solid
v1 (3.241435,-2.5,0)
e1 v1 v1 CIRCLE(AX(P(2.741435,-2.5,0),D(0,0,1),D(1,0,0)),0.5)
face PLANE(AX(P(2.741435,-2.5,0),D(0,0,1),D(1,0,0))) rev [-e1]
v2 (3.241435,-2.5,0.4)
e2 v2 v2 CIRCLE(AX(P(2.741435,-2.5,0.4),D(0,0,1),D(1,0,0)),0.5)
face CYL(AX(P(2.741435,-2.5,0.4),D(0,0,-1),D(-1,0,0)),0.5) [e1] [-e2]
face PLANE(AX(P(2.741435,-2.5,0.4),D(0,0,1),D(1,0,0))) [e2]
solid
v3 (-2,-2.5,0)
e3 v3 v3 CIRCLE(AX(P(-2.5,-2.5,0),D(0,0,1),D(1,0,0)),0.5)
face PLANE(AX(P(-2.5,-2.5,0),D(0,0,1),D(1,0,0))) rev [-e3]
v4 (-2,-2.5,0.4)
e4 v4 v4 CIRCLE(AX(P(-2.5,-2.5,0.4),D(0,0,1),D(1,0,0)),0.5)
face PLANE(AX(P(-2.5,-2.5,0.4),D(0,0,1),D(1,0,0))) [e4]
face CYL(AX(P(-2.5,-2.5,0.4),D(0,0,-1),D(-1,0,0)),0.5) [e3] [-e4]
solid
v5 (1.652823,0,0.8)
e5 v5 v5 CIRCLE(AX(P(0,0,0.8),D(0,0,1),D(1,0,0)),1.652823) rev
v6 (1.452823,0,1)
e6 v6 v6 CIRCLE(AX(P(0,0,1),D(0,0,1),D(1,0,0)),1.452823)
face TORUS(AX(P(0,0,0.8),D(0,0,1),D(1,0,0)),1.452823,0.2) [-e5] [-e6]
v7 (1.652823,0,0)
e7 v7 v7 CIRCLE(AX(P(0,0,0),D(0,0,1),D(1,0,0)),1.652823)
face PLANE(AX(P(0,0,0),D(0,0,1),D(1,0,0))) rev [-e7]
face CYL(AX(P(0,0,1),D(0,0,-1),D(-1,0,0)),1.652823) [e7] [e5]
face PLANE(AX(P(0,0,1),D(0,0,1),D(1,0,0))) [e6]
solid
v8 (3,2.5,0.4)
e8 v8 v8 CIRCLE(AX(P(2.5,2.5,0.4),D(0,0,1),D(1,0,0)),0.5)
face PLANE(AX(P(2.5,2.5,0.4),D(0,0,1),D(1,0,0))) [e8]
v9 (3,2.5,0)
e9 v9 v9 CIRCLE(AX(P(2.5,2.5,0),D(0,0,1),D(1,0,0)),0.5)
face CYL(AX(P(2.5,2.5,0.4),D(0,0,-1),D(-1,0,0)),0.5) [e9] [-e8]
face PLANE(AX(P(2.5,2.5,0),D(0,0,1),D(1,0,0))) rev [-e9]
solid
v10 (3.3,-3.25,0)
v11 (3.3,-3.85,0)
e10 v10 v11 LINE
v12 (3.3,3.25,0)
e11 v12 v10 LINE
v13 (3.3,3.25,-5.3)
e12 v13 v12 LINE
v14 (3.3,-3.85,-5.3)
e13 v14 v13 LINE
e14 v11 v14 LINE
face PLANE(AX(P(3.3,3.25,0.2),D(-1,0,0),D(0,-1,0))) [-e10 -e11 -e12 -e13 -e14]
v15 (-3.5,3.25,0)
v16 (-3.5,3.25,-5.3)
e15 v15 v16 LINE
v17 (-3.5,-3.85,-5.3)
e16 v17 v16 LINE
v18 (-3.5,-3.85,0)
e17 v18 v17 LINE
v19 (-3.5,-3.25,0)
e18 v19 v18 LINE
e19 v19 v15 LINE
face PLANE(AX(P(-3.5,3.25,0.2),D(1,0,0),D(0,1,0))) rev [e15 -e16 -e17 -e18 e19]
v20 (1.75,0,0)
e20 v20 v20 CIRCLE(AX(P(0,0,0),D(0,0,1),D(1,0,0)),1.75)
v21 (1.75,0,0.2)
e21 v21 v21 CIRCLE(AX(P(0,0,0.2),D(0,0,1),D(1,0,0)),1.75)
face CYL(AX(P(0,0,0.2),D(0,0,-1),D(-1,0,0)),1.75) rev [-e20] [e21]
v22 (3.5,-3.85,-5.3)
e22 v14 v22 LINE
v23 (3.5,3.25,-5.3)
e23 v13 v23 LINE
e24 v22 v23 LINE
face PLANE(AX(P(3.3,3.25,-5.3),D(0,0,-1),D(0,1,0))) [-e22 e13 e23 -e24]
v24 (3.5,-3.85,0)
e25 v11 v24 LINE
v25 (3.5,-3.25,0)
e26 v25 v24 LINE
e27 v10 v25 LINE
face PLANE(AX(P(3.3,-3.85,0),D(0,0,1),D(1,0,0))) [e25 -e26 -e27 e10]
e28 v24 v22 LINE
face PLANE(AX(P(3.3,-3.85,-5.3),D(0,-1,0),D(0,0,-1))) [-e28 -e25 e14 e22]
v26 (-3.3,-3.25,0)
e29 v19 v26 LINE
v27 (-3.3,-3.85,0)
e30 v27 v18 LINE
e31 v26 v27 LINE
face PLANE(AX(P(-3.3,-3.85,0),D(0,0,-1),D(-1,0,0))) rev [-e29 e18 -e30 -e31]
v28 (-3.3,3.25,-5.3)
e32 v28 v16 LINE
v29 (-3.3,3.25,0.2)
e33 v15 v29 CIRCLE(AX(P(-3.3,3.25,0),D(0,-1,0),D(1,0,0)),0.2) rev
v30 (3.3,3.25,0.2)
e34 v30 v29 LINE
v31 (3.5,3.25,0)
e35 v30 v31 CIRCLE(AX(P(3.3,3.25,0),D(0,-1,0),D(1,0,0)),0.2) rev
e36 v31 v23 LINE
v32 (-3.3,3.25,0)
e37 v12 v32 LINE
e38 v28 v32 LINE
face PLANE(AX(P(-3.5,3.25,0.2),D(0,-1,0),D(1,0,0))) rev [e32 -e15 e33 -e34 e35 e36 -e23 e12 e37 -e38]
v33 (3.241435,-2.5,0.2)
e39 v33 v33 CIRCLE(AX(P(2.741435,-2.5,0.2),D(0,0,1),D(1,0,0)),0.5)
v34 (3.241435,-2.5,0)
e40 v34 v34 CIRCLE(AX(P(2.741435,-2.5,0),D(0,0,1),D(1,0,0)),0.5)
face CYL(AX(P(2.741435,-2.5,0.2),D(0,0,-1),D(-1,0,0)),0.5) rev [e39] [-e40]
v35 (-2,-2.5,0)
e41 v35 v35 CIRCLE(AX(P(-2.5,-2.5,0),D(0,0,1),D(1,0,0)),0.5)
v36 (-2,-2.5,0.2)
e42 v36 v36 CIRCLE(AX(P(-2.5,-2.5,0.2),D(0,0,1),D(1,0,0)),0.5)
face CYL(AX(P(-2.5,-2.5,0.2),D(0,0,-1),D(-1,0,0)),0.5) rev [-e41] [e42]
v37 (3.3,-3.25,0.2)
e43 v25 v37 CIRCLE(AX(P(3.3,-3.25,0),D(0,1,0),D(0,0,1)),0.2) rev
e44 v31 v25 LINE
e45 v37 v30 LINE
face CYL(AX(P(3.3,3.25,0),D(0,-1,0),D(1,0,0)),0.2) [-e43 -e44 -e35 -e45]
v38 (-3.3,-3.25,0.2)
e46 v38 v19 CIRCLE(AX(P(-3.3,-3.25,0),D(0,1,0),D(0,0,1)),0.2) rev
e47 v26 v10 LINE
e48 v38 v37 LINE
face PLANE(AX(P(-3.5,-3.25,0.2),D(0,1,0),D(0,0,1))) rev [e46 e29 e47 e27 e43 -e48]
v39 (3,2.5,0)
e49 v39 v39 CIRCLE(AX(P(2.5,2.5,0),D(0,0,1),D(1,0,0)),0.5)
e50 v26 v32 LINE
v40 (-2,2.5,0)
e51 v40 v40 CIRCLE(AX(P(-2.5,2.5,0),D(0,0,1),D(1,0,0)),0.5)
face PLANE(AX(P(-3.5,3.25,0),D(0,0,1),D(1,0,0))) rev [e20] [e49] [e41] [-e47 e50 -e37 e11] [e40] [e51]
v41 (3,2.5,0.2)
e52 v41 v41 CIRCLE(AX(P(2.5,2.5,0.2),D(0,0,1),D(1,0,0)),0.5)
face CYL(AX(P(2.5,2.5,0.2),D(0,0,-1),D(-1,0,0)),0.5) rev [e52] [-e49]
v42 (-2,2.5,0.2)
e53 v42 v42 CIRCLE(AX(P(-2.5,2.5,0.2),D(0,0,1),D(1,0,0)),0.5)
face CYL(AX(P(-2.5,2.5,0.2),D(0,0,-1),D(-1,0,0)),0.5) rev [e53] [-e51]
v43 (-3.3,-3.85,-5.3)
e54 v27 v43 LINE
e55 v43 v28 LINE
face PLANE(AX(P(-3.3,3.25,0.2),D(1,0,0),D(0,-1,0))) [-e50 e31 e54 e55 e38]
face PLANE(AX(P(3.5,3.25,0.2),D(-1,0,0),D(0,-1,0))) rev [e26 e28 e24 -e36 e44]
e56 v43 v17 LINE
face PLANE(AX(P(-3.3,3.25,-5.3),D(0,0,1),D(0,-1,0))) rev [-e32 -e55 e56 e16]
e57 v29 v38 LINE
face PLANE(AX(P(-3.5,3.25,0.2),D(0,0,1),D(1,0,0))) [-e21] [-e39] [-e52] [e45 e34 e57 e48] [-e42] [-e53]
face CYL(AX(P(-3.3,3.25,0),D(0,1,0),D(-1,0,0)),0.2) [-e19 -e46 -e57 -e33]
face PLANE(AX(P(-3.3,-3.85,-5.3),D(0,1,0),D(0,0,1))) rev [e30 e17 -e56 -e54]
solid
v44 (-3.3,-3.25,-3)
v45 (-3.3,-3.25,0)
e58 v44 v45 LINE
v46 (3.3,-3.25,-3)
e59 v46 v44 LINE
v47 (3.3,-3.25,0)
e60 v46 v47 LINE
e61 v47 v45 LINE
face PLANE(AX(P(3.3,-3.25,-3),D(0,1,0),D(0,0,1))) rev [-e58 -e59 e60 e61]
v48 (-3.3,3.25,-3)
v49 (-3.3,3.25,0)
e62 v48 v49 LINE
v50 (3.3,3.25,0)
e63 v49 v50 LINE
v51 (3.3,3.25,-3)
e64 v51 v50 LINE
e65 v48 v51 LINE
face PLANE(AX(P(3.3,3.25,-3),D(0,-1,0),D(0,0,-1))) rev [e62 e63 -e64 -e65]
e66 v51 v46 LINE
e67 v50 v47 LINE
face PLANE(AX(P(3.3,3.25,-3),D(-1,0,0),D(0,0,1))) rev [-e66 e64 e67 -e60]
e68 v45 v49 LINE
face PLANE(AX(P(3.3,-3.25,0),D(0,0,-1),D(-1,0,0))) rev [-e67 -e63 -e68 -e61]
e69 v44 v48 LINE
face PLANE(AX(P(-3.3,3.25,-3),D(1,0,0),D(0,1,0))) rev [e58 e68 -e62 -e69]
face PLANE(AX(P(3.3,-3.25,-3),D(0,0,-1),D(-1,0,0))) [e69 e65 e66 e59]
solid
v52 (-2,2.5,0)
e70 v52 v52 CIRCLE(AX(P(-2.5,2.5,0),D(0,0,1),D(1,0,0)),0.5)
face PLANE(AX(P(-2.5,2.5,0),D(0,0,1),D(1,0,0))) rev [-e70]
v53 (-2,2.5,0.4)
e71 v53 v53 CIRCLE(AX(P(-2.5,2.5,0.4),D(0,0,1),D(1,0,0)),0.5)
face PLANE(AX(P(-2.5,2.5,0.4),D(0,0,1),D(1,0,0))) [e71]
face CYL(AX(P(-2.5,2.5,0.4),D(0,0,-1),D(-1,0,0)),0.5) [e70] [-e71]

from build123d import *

# Parameters (mm, degrees)
CROQUIS1_W       = 7
CROQUIS1_H       = 6.5
CROQUIS1_R       = 1.75
CROQUIS1_R_2     = 0.5
EXTRUIR1_DEPTH   = 0.2
EXTRUIR2_DEPTH   = 0.2
REDONDEO1_R      = 0.2
CROQUIS3_W       = 6.6
CROQUIS3_H       = 6.5
EXTRUIR3_DEPTH   = 3
CROQUIS4_R       = 1.652823383
EXTRUIR5_DEPTH   = 1
CROQUIS5_R       = 0.5
EXTRUIR6_DEPTH   = 0.4
EXTRUIR6_2_DEPTH = 0.4
EXTRUIR6_3_DEPTH = 0.4
EXTRUIR6_4_DEPTH = 0.4
REDONDEO2_R      = 0.2


with BuildPart() as part:
    # Croquis1 → Extruir1 (new body)
    with BuildSketch(Plane.XY):
        Rectangle(CROQUIS1_W, CROQUIS1_H)
        Circle(CROQUIS1_R, mode=Mode.SUBTRACT)
        with Locations((2.5, 2.5)):
            Circle(CROQUIS1_R_2, mode=Mode.SUBTRACT)
        with Locations((2.741434569, -2.5)):
            Circle(CROQUIS1_R_2, mode=Mode.SUBTRACT)
        with Locations((-2.5, -2.5)):
            Circle(CROQUIS1_R_2, mode=Mode.SUBTRACT)
        with Locations((-2.5, 2.5)):
            Circle(CROQUIS1_R_2, mode=Mode.SUBTRACT)
    extrude(amount=EXTRUIR1_DEPTH)

    # Croquis2 → Extruir2 (add)
    with BuildSketch(Plane(origin=(3.5, 0, 0), x_dir=(0, 0, -1), z_dir=(1, 0, 0))):
        Polygon((-0.2, 3.25), (5.3, 3.25), (5.3, -3.85), (0, -3.85), (0, -3.25), (-0.2, -3.25), align=None)
    extruir2 = extrude(amount=-EXTRUIR2_DEPTH)

    # Simetría1: Extruir2 across plane
    add(extruir2.mirror(Plane(origin=(0, 0, 0), x_dir=(0, 0, 1), z_dir=(1, 0, 0))))

    # Redondeo1
    redondeo1_edges = [part.edges().sort_by_distance(p)[0] for p in [
        (-3.5, 0, 0.2),
        (3.5, 0, 0.2),
    ]]
    fillet(redondeo1_edges, radius=REDONDEO1_R)


with BuildPart() as body_2:
    # Croquis3 → Extruir3 (new body)
    with BuildSketch(Plane(origin=(0, 0, 0), x_dir=(-1, 0, 0), z_dir=(0, 0, -1))):
        Rectangle(CROQUIS3_W, CROQUIS3_H)
    extrude(amount=EXTRUIR3_DEPTH)


with BuildPart() as body_3:
    # Croquis4 → Extruir5 (new body)
    with BuildSketch(Plane.XY):
        Circle(CROQUIS4_R)
    extrude(amount=EXTRUIR5_DEPTH)

    # Redondeo2
    redondeo2_edges = [body_3.edges().sort_by_distance(p)[0] for p in [
        (-1.652823383, 0, 1),
    ]]
    fillet(redondeo2_edges, radius=REDONDEO2_R)


with BuildPart() as body_4:
    # Croquis5 → Extruir6 (new body)
    with BuildSketch(Plane.XY):
        with Locations((2.5, 2.5)):
            Circle(CROQUIS5_R)
    extrude(amount=EXTRUIR6_DEPTH)


with BuildPart() as body_5:
    # Croquis5 → Extruir6 2 (new body)
    with BuildSketch(Plane.XY):
        with Locations((-2.5, 2.5)):
            Circle(CROQUIS5_R)
    extrude(amount=EXTRUIR6_2_DEPTH)


with BuildPart() as body_6:
    # Croquis5 → Extruir6 3 (new body)
    with BuildSketch(Plane.XY):
        with Locations((-2.5, -2.5)):
            Circle(CROQUIS5_R)
    extrude(amount=EXTRUIR6_3_DEPTH)


with BuildPart() as body_7:
    # Croquis5 → Extruir6 4 (new body)
    with BuildSketch(Plane.XY):
        with Locations((2.741434569, -2.5)):
            Circle(CROQUIS5_R)
    extrude(amount=EXTRUIR6_4_DEPTH)


solid = Compound([part.part, body_2.part, body_3.part, body_4.part, body_5.part, body_6.part, body_7.part])
